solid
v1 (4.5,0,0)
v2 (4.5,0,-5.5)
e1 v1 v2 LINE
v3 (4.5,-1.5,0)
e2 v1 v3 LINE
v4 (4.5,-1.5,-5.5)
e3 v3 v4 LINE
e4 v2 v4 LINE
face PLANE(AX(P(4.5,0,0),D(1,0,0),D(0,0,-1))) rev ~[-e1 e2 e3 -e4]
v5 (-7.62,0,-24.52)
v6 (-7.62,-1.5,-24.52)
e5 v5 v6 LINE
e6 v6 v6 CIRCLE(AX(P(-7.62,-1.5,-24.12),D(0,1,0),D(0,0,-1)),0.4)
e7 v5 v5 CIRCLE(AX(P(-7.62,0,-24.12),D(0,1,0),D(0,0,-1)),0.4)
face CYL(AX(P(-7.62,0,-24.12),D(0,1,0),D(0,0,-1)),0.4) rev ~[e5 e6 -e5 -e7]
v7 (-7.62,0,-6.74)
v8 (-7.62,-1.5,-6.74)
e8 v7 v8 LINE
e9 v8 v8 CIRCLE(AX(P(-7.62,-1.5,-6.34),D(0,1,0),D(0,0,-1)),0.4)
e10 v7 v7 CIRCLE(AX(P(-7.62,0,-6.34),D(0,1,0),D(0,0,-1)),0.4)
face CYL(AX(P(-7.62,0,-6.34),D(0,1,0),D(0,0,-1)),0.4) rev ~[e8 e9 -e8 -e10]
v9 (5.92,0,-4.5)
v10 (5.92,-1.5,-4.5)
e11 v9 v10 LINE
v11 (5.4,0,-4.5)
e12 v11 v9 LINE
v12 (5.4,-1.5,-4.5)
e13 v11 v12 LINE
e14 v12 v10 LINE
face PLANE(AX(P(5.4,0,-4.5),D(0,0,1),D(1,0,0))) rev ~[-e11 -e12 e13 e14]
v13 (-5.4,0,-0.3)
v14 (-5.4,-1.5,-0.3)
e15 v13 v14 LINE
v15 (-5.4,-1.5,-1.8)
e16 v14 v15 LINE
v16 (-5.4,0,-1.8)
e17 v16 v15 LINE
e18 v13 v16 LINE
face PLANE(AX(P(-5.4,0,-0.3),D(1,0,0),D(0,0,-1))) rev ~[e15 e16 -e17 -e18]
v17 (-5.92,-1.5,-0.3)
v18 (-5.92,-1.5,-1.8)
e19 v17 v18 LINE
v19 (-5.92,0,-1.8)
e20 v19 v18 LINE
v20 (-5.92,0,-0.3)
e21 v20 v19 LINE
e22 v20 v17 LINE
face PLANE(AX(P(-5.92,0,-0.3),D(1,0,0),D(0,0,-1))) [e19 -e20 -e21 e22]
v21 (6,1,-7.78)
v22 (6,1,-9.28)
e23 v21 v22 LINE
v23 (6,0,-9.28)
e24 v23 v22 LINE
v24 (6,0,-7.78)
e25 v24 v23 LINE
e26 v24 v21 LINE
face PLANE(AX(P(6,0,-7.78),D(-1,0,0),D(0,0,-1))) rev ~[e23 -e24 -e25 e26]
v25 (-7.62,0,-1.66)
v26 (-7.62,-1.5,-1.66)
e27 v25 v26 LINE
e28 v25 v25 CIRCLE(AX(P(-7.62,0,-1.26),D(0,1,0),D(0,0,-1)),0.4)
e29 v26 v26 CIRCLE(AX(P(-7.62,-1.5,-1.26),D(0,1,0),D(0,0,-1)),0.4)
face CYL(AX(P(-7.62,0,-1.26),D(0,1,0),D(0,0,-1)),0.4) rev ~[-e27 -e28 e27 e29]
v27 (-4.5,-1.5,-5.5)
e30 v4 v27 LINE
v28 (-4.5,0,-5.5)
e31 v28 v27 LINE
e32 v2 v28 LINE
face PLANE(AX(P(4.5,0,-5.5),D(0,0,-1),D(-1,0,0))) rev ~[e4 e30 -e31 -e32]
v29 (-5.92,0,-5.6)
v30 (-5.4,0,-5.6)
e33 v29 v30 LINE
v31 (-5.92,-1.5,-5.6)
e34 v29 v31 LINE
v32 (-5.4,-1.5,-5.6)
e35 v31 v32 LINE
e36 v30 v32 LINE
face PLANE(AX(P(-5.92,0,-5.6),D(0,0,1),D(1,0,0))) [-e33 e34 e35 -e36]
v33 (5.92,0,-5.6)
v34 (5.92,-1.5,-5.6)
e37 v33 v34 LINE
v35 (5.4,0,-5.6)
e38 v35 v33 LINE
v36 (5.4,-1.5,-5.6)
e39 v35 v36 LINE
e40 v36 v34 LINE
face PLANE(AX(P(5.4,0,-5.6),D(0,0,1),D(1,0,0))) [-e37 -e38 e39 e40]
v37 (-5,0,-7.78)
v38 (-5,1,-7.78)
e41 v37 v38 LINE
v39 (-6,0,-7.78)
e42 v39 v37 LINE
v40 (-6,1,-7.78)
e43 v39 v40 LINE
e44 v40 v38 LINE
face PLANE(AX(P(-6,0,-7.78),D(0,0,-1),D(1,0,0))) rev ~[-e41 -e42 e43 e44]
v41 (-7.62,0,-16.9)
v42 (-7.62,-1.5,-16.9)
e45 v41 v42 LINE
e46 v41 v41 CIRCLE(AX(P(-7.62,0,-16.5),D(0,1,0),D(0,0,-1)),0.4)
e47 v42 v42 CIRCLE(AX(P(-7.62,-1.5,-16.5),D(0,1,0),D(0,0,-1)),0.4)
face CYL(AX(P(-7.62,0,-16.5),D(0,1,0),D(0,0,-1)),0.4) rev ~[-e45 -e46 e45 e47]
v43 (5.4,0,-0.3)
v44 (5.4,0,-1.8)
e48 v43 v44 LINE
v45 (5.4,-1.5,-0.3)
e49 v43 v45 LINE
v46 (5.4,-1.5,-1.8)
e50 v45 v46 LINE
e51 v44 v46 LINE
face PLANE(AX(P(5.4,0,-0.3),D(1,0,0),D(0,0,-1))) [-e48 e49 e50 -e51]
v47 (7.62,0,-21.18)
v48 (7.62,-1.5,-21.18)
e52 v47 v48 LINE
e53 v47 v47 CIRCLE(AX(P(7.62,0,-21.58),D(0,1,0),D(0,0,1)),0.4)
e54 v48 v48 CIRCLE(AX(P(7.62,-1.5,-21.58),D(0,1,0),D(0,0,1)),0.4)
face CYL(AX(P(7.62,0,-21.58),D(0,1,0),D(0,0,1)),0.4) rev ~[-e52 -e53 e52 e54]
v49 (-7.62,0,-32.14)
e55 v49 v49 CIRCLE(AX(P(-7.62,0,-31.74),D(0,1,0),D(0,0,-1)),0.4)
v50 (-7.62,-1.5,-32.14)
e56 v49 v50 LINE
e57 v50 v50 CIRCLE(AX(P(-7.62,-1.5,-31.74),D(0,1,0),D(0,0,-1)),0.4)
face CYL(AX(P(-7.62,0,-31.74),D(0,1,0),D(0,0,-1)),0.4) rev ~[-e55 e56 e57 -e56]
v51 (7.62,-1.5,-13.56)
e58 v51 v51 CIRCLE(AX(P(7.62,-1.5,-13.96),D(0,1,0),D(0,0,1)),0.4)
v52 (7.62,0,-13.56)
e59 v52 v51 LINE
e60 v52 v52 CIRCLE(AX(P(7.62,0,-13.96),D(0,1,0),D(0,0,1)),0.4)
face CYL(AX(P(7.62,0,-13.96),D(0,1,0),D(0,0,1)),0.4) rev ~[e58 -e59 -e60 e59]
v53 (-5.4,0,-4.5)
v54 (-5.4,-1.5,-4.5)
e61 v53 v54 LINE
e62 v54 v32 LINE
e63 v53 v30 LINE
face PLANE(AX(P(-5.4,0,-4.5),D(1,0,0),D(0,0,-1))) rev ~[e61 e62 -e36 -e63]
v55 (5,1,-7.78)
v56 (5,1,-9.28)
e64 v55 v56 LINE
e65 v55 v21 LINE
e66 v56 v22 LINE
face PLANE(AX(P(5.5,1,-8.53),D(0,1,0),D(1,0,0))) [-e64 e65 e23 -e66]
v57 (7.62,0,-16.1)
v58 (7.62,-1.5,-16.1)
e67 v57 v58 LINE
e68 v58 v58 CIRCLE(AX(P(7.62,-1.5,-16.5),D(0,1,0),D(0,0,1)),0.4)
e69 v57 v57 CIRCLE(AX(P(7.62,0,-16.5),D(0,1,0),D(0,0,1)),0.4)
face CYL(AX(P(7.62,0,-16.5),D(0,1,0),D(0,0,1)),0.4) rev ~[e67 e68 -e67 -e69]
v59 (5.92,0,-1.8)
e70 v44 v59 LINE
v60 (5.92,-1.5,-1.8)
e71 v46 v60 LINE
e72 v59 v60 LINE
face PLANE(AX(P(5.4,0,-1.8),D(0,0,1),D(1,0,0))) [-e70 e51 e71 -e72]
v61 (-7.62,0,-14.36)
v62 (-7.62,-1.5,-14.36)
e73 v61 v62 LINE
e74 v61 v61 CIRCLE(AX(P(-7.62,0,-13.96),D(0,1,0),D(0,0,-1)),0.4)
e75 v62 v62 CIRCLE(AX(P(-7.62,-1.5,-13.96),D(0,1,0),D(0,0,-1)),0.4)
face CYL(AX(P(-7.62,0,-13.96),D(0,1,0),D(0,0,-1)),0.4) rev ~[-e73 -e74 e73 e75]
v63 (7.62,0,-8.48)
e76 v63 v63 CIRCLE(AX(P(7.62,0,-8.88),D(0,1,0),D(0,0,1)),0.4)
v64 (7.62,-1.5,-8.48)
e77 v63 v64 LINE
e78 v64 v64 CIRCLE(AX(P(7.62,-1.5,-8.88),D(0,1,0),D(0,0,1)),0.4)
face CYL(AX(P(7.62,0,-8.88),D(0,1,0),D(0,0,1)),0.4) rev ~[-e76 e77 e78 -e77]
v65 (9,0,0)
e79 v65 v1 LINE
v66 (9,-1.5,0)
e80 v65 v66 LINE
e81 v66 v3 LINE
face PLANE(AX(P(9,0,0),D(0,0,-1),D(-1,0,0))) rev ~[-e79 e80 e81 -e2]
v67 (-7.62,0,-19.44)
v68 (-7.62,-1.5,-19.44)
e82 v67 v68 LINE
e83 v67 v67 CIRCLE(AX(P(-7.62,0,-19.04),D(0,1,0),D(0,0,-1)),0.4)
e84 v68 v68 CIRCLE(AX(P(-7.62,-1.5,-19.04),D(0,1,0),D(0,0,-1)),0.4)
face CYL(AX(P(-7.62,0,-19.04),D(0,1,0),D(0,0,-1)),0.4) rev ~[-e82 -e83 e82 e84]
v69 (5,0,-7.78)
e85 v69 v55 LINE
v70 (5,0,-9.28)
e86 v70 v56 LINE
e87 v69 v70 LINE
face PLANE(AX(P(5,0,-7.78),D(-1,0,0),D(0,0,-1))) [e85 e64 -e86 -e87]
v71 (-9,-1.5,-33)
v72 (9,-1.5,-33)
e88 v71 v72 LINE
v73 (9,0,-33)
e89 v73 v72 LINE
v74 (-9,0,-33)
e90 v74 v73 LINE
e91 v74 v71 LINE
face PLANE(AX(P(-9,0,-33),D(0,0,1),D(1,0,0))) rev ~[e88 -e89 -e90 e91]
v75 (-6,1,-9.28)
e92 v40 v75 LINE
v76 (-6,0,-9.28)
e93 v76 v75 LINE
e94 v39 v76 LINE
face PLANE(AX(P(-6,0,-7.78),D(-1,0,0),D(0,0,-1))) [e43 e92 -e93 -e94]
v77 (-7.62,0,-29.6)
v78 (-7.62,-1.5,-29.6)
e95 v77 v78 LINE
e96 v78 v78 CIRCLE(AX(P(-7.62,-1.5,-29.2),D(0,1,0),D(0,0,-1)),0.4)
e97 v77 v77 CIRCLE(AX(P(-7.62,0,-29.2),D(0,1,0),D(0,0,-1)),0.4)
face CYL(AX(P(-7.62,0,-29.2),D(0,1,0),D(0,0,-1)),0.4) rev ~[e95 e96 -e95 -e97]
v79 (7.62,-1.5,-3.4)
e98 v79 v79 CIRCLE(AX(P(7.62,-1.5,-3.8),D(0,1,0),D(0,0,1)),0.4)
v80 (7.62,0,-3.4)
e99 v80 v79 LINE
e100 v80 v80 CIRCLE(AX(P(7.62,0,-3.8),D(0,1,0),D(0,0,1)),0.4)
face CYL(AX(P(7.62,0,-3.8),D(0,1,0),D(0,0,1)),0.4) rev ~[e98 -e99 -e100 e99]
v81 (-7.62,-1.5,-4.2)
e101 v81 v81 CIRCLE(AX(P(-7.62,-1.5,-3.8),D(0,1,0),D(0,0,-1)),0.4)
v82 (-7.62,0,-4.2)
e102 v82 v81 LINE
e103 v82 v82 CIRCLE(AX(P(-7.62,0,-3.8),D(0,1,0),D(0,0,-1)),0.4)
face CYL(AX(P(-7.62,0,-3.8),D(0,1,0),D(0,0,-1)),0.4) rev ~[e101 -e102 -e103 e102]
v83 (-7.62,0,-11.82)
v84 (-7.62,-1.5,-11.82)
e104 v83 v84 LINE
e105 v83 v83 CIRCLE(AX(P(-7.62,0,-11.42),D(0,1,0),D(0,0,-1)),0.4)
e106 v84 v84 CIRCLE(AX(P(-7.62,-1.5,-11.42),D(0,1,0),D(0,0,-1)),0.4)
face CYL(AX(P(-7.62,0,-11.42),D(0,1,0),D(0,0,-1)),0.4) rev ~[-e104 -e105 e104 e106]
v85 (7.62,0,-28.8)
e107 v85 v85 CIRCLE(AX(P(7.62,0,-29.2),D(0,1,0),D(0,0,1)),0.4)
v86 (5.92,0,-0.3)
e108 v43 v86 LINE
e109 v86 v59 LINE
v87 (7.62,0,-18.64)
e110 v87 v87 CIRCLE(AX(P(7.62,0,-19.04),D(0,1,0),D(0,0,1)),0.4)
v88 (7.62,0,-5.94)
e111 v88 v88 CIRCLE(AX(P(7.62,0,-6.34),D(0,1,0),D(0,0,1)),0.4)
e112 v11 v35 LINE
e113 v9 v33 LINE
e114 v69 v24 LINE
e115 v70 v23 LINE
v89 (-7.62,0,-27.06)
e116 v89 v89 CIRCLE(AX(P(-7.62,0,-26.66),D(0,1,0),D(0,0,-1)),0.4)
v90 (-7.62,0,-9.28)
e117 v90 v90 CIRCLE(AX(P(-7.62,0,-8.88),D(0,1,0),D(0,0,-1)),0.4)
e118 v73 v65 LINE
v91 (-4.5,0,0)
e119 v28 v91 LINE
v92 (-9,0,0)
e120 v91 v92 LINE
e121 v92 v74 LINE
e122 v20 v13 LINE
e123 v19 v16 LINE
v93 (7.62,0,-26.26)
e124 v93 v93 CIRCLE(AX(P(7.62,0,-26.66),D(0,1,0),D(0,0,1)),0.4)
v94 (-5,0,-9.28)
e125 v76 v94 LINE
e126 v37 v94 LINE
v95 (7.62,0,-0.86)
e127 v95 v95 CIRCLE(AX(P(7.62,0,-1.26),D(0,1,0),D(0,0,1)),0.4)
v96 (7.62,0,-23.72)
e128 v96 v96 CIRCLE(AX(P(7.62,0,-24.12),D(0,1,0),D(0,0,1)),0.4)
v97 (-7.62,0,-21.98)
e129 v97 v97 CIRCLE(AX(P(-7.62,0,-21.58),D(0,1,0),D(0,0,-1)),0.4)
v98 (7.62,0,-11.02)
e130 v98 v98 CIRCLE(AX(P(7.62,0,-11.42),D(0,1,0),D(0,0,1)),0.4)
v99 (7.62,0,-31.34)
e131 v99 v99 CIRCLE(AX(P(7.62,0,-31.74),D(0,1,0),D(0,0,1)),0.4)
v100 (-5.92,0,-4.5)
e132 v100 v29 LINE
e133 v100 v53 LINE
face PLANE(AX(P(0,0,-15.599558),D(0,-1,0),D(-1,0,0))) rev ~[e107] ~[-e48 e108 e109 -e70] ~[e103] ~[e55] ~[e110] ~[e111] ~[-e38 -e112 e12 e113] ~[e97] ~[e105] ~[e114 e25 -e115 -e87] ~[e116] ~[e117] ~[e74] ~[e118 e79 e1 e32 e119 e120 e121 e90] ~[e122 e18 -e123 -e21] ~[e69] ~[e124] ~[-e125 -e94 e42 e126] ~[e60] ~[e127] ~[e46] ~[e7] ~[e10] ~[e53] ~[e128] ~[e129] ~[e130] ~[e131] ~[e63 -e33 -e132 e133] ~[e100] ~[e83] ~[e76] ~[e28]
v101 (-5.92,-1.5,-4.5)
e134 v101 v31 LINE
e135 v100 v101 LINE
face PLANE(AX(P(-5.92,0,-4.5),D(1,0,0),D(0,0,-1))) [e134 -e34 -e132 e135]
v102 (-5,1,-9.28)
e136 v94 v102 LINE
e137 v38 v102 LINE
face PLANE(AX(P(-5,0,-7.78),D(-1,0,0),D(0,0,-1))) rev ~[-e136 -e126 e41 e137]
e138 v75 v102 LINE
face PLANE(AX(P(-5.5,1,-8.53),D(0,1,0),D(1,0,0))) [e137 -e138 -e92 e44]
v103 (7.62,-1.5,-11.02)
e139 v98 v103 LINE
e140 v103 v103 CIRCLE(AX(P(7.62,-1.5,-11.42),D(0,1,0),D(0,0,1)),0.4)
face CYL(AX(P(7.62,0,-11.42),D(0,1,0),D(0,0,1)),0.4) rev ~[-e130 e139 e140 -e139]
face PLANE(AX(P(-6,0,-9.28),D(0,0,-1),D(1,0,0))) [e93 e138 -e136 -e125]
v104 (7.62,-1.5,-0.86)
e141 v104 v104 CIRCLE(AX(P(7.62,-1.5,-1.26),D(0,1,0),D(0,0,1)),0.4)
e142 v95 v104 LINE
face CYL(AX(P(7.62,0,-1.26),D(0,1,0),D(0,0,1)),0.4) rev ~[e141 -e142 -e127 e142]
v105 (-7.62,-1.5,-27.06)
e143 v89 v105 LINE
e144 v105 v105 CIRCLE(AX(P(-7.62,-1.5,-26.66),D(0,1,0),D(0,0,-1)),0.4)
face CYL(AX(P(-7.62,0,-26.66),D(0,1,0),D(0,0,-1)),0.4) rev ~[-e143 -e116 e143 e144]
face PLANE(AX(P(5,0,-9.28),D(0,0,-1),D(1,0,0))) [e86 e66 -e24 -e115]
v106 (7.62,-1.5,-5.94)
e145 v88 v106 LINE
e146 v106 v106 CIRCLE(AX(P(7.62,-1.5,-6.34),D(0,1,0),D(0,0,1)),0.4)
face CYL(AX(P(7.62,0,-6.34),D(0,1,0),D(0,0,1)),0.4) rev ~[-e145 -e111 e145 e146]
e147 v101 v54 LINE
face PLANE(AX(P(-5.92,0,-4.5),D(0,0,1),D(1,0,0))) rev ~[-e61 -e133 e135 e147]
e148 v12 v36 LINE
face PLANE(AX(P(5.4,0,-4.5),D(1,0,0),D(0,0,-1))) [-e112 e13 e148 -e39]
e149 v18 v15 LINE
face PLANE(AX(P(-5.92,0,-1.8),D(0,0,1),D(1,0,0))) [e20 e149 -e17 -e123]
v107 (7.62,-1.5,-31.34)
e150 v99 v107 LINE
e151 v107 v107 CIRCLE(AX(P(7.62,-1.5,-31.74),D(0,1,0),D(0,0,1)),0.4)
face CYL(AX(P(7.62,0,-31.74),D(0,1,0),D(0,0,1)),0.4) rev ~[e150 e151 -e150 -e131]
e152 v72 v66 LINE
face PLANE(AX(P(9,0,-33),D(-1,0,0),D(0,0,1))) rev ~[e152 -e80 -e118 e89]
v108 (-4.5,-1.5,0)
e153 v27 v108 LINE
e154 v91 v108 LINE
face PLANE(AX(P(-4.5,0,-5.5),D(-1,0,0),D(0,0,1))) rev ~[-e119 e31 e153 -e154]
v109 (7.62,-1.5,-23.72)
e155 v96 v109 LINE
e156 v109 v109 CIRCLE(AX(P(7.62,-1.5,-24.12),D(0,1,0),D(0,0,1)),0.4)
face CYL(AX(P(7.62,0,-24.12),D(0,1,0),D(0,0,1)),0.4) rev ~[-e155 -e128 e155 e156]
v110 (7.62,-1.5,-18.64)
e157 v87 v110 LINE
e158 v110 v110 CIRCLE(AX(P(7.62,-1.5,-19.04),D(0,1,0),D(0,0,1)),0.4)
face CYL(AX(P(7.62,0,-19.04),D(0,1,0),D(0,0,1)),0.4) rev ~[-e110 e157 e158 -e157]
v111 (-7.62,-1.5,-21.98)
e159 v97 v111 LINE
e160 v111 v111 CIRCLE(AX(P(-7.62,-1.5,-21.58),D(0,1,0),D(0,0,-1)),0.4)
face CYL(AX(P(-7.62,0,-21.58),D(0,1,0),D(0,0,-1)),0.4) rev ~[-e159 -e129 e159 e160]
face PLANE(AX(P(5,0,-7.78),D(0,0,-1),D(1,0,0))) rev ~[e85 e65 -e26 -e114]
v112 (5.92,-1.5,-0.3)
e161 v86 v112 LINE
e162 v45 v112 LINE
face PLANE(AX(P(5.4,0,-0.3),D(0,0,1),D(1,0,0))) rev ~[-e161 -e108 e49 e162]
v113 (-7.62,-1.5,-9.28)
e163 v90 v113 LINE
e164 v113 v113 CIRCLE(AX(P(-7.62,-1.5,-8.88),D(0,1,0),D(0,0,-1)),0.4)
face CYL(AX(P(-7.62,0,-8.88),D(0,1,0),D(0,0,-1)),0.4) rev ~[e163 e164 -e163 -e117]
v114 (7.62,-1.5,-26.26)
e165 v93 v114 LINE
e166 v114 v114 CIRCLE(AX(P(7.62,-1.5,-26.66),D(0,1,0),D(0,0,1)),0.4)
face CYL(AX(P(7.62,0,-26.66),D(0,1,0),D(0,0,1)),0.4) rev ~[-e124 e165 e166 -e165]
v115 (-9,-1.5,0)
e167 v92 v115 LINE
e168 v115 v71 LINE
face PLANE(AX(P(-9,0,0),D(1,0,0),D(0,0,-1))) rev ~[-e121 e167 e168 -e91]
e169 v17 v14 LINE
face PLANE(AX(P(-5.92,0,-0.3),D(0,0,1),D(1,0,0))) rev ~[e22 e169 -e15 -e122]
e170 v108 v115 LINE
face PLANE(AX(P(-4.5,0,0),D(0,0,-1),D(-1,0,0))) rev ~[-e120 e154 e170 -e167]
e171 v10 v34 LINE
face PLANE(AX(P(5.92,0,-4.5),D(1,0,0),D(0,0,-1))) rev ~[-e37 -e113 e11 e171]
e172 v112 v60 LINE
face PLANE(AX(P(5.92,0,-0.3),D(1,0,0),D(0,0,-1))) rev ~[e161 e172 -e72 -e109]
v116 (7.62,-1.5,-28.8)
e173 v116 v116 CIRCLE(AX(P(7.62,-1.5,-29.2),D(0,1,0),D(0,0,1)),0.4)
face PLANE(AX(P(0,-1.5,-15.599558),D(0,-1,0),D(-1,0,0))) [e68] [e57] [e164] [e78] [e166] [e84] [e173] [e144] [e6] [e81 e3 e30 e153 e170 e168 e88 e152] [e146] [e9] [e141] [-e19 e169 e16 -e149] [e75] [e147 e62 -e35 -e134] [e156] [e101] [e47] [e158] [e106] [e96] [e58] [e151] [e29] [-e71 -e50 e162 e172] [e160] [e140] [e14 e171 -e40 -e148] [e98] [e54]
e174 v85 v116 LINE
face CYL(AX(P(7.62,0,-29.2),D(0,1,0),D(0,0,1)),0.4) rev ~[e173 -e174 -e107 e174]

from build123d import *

# Parameters (mm, degrees)
SKETCH1_R           = 0.4
SKETCH1_W           = 0.52
SKETCH1_H           = 1.1
SKETCH1_H_2         = 1.5
BOSS_EXTRUDE1_DEPTH = 1.5
SKETCH2_W           = 1
SKETCH2_H           = 1.5
BOSS_EXTRUDE2_DEPTH = 1


with BuildPart() as part:
    # Sketch1 → Boss-Extrude1 (new body)
    with BuildSketch(Plane(origin=(0, 0, 0), x_dir=(1, 0, 0), z_dir=(0, 1, 0))):
        Polygon((-9, 33), (9, 33), (9, 0), (4.5, 0), (4.5, 5.5), (-4.5, 5.5), (-4.5, 0), (-9, 0), align=None)
        with Locations(Location((7.62, 1.26, 0), (0, 0, 270))):
            Circle(SKETCH1_R, mode=Mode.SUBTRACT)
        with Locations(Location((7.62, 3.8, 0), (0, 0, 270))):
            Circle(SKETCH1_R, mode=Mode.SUBTRACT)
        with Locations(Location((7.62, 6.34, 0), (0, 0, 270))):
            Circle(SKETCH1_R, mode=Mode.SUBTRACT)
        with Locations(Location((7.62, 8.88, 0), (0, 0, 270))):
            Circle(SKETCH1_R, mode=Mode.SUBTRACT)
        with Locations(Location((7.62, 11.42, 0), (0, 0, 270))):
            Circle(SKETCH1_R, mode=Mode.SUBTRACT)
        with Locations(Location((7.62, 13.96, 0), (0, 0, 270))):
            Circle(SKETCH1_R, mode=Mode.SUBTRACT)
        with Locations(Location((7.62, 16.5, 0), (0, 0, 270))):
            Circle(SKETCH1_R, mode=Mode.SUBTRACT)
        with Locations(Location((7.62, 19.04, 0), (0, 0, 270))):
            Circle(SKETCH1_R, mode=Mode.SUBTRACT)
        with Locations(Location((7.62, 21.58, 0), (0, 0, 270))):
            Circle(SKETCH1_R, mode=Mode.SUBTRACT)
        with Locations(Location((7.62, 24.12, 0), (0, 0, 270))):
            Circle(SKETCH1_R, mode=Mode.SUBTRACT)
        with Locations(Location((7.62, 26.66, 0), (0, 0, 270))):
            Circle(SKETCH1_R, mode=Mode.SUBTRACT)
        with Locations(Location((7.62, 29.2, 0), (0, 0, 270))):
            Circle(SKETCH1_R, mode=Mode.SUBTRACT)
        with Locations(Location((7.62, 31.74, 0), (0, 0, 270))):
            Circle(SKETCH1_R, mode=Mode.SUBTRACT)
        with Locations(Location((-7.62, 31.74, 0), (0, 0, 90))):
            Circle(SKETCH1_R, mode=Mode.SUBTRACT)
        with Locations(Location((-7.62, 29.2, 0), (0, 0, 90))):
            Circle(SKETCH1_R, mode=Mode.SUBTRACT)
        with Locations(Location((-7.62, 26.66, 0), (0, 0, 90))):
            Circle(SKETCH1_R, mode=Mode.SUBTRACT)
        with Locations(Location((-7.62, 24.12, 0), (0, 0, 90))):
            Circle(SKETCH1_R, mode=Mode.SUBTRACT)
        with Locations(Location((-7.62, 21.58, 0), (0, 0, 90))):
            Circle(SKETCH1_R, mode=Mode.SUBTRACT)
        with Locations(Location((-7.62, 19.04, 0), (0, 0, 90))):
            Circle(SKETCH1_R, mode=Mode.SUBTRACT)
        with Locations(Location((-7.62, 16.5, 0), (0, 0, 90))):
            Circle(SKETCH1_R, mode=Mode.SUBTRACT)
        with Locations(Location((-7.62, 13.96, 0), (0, 0, 90))):
            Circle(SKETCH1_R, mode=Mode.SUBTRACT)
        with Locations(Location((-7.62, 11.42, 0), (0, 0, 90))):
            Circle(SKETCH1_R, mode=Mode.SUBTRACT)
        with Locations(Location((-7.62, 8.88, 0), (0, 0, 90))):
            Circle(SKETCH1_R, mode=Mode.SUBTRACT)
        with Locations(Location((-7.62, 6.34, 0), (0, 0, 90))):
            Circle(SKETCH1_R, mode=Mode.SUBTRACT)
        with Locations(Location((-7.62, 3.8, 0), (0, 0, 90))):
            Circle(SKETCH1_R, mode=Mode.SUBTRACT)
        with Locations(Location((-7.62, 1.26, 0), (0, 0, 90))):
            Circle(SKETCH1_R, mode=Mode.SUBTRACT)
        with Locations((5.66, 5.05)):
            Rectangle(SKETCH1_W, SKETCH1_H, mode=Mode.SUBTRACT)
        with Locations((5.66, 1.05)):
            Rectangle(SKETCH1_W, SKETCH1_H_2, mode=Mode.SUBTRACT)
        with Locations((-5.66, 1.05)):
            Rectangle(SKETCH1_W, SKETCH1_H_2, mode=Mode.SUBTRACT)
        with Locations((-5.66, 5.05)):
            Rectangle(SKETCH1_W, SKETCH1_H, mode=Mode.SUBTRACT)
    extrude(amount=-BOSS_EXTRUDE1_DEPTH)

    # Sketch2 → Boss-Extrude2 (add)
    with BuildSketch(Plane(origin=(0, 0, 0), x_dir=(1, 0, 0), z_dir=(0, 1, 0))):
        with Locations((-5.5, 8.53)):
            Rectangle(SKETCH2_W, SKETCH2_H)
        with Locations((5.5, 8.53)):
            Rectangle(SKETCH2_W, SKETCH2_H)
    extrude(amount=BOSS_EXTRUDE2_DEPTH)


solid = part.part
